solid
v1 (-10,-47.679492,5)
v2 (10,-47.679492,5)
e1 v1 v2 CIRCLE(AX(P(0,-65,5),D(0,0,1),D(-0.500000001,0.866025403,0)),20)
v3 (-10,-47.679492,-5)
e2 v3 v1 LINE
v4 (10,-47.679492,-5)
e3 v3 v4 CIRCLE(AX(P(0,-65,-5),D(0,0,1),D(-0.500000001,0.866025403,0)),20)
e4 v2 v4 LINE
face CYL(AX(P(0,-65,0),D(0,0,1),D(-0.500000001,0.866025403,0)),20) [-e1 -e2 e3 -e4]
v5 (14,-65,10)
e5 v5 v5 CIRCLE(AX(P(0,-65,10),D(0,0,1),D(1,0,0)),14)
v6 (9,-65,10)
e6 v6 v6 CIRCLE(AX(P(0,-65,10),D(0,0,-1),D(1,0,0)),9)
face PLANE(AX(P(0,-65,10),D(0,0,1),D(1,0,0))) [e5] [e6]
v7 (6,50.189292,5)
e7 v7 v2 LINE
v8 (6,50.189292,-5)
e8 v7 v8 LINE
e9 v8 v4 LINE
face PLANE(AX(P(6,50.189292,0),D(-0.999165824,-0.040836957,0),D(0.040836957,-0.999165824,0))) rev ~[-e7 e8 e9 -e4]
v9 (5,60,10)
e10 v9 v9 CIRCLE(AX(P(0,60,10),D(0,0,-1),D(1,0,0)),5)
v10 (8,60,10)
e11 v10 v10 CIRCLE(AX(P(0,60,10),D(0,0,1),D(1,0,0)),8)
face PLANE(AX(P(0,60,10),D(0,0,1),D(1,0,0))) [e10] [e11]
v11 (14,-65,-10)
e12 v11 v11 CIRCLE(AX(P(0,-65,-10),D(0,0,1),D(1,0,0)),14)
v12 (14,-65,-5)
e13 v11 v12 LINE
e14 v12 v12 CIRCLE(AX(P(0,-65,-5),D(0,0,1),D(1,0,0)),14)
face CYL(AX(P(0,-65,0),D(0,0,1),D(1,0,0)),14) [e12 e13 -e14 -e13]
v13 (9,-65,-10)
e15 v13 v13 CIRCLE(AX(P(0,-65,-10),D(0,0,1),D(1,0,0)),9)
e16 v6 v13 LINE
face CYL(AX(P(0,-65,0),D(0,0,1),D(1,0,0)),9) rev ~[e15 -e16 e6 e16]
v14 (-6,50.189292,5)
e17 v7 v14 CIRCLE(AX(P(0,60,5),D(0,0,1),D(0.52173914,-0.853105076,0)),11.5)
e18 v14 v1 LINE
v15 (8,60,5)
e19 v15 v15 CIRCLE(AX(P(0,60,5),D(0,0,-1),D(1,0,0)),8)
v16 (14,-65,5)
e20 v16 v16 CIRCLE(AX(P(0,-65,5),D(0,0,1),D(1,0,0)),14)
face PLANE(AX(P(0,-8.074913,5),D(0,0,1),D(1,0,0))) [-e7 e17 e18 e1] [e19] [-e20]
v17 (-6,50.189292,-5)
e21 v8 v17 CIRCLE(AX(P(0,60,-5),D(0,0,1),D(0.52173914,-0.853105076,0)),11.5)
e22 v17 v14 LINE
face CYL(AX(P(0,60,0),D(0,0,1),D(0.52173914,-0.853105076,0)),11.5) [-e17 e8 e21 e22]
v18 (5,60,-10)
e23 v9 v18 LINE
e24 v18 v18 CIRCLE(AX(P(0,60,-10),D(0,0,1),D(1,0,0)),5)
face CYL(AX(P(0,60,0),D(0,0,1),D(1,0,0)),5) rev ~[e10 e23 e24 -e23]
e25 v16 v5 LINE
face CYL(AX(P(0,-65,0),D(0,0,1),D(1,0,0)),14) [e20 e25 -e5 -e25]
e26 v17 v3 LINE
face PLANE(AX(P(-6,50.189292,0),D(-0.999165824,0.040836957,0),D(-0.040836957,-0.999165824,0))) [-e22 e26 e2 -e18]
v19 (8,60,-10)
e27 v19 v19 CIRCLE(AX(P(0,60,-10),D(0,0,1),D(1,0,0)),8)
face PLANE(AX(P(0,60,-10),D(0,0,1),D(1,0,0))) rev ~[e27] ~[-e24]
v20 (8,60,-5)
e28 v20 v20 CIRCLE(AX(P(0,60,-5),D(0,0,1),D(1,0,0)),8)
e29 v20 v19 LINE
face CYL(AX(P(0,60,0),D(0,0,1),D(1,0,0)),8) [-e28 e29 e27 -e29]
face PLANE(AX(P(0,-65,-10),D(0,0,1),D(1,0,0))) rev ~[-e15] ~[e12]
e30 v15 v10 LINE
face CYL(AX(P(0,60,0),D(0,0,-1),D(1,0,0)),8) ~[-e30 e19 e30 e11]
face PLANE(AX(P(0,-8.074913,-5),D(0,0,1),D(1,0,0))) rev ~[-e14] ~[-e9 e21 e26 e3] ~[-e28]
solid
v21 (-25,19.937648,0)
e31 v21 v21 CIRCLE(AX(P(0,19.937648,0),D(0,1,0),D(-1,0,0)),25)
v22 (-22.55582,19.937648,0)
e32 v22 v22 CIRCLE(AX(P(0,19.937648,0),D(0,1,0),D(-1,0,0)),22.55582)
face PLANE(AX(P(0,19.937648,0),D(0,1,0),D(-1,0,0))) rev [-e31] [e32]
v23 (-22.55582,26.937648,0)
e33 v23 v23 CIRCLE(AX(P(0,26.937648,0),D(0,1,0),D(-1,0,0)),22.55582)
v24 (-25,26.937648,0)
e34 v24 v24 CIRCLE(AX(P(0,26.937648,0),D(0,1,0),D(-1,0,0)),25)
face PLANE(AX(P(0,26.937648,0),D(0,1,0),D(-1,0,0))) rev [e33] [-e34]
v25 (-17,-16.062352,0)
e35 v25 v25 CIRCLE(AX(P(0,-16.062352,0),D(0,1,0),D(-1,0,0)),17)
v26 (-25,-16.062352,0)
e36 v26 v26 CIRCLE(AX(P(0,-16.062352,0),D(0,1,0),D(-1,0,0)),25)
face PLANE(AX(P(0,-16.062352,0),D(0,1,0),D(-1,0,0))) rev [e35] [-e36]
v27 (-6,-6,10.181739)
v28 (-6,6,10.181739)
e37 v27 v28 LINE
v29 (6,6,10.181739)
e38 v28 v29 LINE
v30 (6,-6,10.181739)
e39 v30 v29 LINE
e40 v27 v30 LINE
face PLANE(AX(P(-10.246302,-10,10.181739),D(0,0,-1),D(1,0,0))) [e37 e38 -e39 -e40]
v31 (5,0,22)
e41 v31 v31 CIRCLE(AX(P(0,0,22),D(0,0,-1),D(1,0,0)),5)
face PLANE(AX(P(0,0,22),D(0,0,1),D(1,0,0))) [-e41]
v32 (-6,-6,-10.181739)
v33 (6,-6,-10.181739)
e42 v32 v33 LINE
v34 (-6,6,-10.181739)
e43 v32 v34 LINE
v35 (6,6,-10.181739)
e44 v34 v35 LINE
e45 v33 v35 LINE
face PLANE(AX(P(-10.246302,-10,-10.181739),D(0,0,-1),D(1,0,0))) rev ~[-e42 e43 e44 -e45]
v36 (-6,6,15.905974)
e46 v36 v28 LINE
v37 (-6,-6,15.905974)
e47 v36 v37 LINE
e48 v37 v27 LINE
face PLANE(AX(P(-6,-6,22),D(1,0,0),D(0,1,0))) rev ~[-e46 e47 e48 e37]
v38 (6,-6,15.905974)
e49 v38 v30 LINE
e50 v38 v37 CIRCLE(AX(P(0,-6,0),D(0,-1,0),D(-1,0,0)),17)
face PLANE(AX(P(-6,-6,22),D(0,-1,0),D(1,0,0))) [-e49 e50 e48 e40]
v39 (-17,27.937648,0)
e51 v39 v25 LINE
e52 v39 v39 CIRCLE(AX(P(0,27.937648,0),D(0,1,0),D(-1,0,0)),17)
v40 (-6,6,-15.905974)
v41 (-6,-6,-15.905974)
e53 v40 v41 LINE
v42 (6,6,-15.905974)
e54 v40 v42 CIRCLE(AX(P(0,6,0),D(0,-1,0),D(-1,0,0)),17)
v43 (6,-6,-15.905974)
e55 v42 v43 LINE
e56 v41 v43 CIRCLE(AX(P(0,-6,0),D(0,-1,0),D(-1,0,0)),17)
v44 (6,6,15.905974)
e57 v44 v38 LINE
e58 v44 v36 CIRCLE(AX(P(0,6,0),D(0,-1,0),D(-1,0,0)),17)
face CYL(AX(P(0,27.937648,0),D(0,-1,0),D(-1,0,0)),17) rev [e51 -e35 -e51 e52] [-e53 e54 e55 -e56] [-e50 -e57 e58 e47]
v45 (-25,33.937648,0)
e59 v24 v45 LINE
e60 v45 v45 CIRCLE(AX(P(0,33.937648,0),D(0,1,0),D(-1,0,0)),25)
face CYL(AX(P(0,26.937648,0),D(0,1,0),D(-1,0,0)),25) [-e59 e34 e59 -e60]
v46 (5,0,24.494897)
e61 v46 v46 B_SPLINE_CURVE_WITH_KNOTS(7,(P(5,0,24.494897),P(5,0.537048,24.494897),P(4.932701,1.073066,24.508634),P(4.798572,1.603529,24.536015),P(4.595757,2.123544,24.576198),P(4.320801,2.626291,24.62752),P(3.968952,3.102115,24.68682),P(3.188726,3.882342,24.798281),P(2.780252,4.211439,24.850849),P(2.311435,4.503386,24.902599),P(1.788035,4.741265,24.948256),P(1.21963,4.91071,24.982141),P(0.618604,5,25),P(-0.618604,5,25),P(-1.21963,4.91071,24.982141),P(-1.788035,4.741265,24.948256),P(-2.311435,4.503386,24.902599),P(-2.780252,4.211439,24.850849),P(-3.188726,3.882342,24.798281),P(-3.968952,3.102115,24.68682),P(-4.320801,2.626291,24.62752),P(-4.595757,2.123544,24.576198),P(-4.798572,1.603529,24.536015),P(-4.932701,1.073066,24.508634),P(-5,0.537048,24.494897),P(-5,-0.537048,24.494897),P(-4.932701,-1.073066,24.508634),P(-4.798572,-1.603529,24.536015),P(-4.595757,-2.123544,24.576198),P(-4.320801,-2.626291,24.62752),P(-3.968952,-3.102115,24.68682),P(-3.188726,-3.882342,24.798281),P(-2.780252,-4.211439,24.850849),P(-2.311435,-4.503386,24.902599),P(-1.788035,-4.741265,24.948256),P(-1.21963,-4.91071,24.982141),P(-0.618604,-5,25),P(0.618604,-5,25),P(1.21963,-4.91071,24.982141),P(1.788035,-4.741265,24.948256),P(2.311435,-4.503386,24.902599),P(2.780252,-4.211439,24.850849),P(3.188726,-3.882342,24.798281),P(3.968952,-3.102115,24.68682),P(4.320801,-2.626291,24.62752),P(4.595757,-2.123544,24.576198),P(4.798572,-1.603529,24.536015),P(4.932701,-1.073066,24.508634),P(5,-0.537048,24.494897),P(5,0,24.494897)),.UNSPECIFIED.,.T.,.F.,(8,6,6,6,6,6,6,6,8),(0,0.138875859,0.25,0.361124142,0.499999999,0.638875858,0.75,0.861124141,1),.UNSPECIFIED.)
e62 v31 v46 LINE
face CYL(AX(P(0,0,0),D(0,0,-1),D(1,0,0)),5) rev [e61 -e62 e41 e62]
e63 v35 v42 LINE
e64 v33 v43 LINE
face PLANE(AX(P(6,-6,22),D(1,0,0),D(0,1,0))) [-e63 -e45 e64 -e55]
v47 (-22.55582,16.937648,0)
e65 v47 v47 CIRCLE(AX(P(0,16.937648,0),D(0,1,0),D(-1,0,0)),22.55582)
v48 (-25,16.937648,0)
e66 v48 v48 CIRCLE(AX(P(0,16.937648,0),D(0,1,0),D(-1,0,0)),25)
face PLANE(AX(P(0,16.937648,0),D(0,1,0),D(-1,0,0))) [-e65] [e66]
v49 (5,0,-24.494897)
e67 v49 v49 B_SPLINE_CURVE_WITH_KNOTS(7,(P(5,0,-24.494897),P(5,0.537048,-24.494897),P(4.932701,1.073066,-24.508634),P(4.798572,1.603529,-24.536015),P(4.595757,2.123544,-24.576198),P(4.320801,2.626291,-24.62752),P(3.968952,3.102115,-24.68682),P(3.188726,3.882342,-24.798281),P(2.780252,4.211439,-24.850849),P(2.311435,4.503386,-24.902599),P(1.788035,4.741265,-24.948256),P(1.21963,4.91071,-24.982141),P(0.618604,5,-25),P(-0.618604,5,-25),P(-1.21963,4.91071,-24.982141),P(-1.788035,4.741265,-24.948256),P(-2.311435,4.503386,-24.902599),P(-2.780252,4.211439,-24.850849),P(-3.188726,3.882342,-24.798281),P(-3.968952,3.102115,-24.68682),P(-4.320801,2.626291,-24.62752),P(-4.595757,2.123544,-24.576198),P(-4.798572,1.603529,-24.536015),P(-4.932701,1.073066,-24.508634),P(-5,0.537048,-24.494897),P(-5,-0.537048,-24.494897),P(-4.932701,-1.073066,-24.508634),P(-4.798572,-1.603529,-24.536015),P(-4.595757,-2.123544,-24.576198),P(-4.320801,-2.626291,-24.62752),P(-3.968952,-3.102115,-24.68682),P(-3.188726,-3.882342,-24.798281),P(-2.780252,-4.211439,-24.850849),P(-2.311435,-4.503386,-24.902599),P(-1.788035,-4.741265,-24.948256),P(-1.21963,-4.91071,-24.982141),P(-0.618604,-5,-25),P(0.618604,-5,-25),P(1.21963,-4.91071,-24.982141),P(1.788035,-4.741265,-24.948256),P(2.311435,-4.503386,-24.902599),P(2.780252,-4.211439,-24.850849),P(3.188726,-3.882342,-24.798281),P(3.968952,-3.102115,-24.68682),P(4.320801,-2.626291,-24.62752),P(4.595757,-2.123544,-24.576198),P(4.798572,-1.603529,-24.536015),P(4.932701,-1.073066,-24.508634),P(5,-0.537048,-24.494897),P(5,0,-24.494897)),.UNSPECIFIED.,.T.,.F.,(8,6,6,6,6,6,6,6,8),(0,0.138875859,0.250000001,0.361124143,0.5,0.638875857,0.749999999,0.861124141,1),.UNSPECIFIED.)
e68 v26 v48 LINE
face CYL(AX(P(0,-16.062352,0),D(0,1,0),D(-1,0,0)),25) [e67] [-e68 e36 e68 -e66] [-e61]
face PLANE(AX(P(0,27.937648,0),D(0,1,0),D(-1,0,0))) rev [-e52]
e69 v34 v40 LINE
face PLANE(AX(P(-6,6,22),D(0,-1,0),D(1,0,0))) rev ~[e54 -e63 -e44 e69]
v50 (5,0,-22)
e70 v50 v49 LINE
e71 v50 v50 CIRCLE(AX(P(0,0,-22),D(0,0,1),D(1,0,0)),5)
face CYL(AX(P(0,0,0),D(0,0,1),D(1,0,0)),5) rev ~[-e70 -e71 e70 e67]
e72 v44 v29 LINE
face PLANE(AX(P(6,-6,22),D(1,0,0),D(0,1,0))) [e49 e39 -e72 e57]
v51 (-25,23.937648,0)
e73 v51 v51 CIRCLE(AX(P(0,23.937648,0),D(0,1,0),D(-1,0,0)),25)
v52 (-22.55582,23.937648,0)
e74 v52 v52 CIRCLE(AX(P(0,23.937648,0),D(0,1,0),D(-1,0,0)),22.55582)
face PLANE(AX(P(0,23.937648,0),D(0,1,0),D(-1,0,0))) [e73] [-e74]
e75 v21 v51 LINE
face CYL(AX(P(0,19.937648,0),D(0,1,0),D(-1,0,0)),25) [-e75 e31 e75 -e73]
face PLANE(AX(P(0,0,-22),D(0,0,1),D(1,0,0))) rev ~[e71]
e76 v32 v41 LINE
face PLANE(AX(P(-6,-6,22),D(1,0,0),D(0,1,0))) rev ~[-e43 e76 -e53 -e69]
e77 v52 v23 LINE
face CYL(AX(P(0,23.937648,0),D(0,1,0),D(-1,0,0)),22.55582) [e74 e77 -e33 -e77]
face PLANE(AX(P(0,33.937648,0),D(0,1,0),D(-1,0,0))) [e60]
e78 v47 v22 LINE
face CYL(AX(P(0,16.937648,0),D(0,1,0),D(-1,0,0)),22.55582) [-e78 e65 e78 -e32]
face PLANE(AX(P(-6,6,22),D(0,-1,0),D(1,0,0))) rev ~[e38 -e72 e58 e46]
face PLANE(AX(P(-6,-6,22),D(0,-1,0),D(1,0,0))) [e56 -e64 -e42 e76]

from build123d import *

# Parameters (mm, degrees)
SKETCH001_R          = 5
POCKET_DEPTH         = 25.001
POCKET_DEPTH_BACK    = 25.001
SKETCH005_W          = 12
SKETCH005_H          = 12
PAD002_DEPTH         = 44
SKETCH006_W          = 20.492604
SKETCH006_H          = 20.363478
POCKET002_DEPTH      = 16
PAD_DEPTH            = 5
SKETCH003_R          = 8
SKETCH003_R_2        = 14
PAD001_DEPTH         = 10
SKETCH004_R          = 5
SKETCH004_R_2        = 9
POCKET001_DEPTH      = 10.001
POCKET001_DEPTH_BACK = -10.001


with BuildPart() as head:
    # Sketch → Revolution (revolve)
    with BuildSketch(Plane.XY):
        Polygon((-17, -16.062352), (-25, -16.062352), (-25, 16.937648), (-22.55582, 16.937648), (-22.55582, 19.937648), (-25, 19.937648), (-25, 23.937648), (-22.55582, 23.937648), (-22.55582, 26.937648), (-25, 26.937648), (-25, 33.937648), (0, 33.937648), (0, 27.937648), (-17, 27.937648), align=None)
    revolve(axis=Axis((0, 0, 0), (0, 1, 0)))

    # Sketch001 → Pocket (cut, two sides)
    with BuildSketch(Plane.XY) as pocket_sk:
        Circle(SKETCH001_R)
    extrude(amount=POCKET_DEPTH, mode=Mode.SUBTRACT)
    extrude(pocket_sk.sketch, amount=-POCKET_DEPTH_BACK, mode=Mode.SUBTRACT)

    # Sketch005 → Pad002 (join)
    with BuildSketch(Plane.XY.offset(22)):
        Rectangle(SKETCH005_W, SKETCH005_H)
    extrude(amount=-PAD002_DEPTH)

    # Sketch006 → Pocket002 (cut)
    with BuildSketch(Plane.XZ.offset(10)):
        Rectangle(SKETCH006_W, SKETCH006_H)
    extrude(amount=-POCKET002_DEPTH, mode=Mode.SUBTRACT)


with BuildPart() as rod:
    # Sketch002 → Pad (new body, symmetric)
    with BuildSketch(Plane.XY):
        with BuildLine():
            ThreePointArc((6, 50.189292), (0, 71.5), (-6, 50.189292))
            Line((-6, 50.189292), (-10, -47.679492))
            ThreePointArc((-10, -47.679492), (0, -85), (10, -47.679492))
            Line((6, 50.189292), (10, -47.679492))
        make_face()
    extrude(amount=PAD_DEPTH, both=True)

    # Sketch003 → Pad001 (join, symmetric)
    with BuildSketch(Plane.XY):
        with Locations((0, 60)):
            Circle(SKETCH003_R)
        with Locations((0, -65)):
            Circle(SKETCH003_R_2)
    extrude(amount=PAD001_DEPTH, both=True)

    # Sketch004 → Pocket001 (cut, two sides)
    with BuildSketch(Plane.XY) as pocket001_sk:
        with Locations((0, 60)):
            Circle(SKETCH004_R)
        with Locations((0, -65)):
            Circle(SKETCH004_R_2)
    extrude(amount=-POCKET001_DEPTH, mode=Mode.SUBTRACT)
    extrude(pocket001_sk.sketch, amount=-POCKET001_DEPTH_BACK, mode=Mode.SUBTRACT)


solid = Compound([head.part, rod.part])
